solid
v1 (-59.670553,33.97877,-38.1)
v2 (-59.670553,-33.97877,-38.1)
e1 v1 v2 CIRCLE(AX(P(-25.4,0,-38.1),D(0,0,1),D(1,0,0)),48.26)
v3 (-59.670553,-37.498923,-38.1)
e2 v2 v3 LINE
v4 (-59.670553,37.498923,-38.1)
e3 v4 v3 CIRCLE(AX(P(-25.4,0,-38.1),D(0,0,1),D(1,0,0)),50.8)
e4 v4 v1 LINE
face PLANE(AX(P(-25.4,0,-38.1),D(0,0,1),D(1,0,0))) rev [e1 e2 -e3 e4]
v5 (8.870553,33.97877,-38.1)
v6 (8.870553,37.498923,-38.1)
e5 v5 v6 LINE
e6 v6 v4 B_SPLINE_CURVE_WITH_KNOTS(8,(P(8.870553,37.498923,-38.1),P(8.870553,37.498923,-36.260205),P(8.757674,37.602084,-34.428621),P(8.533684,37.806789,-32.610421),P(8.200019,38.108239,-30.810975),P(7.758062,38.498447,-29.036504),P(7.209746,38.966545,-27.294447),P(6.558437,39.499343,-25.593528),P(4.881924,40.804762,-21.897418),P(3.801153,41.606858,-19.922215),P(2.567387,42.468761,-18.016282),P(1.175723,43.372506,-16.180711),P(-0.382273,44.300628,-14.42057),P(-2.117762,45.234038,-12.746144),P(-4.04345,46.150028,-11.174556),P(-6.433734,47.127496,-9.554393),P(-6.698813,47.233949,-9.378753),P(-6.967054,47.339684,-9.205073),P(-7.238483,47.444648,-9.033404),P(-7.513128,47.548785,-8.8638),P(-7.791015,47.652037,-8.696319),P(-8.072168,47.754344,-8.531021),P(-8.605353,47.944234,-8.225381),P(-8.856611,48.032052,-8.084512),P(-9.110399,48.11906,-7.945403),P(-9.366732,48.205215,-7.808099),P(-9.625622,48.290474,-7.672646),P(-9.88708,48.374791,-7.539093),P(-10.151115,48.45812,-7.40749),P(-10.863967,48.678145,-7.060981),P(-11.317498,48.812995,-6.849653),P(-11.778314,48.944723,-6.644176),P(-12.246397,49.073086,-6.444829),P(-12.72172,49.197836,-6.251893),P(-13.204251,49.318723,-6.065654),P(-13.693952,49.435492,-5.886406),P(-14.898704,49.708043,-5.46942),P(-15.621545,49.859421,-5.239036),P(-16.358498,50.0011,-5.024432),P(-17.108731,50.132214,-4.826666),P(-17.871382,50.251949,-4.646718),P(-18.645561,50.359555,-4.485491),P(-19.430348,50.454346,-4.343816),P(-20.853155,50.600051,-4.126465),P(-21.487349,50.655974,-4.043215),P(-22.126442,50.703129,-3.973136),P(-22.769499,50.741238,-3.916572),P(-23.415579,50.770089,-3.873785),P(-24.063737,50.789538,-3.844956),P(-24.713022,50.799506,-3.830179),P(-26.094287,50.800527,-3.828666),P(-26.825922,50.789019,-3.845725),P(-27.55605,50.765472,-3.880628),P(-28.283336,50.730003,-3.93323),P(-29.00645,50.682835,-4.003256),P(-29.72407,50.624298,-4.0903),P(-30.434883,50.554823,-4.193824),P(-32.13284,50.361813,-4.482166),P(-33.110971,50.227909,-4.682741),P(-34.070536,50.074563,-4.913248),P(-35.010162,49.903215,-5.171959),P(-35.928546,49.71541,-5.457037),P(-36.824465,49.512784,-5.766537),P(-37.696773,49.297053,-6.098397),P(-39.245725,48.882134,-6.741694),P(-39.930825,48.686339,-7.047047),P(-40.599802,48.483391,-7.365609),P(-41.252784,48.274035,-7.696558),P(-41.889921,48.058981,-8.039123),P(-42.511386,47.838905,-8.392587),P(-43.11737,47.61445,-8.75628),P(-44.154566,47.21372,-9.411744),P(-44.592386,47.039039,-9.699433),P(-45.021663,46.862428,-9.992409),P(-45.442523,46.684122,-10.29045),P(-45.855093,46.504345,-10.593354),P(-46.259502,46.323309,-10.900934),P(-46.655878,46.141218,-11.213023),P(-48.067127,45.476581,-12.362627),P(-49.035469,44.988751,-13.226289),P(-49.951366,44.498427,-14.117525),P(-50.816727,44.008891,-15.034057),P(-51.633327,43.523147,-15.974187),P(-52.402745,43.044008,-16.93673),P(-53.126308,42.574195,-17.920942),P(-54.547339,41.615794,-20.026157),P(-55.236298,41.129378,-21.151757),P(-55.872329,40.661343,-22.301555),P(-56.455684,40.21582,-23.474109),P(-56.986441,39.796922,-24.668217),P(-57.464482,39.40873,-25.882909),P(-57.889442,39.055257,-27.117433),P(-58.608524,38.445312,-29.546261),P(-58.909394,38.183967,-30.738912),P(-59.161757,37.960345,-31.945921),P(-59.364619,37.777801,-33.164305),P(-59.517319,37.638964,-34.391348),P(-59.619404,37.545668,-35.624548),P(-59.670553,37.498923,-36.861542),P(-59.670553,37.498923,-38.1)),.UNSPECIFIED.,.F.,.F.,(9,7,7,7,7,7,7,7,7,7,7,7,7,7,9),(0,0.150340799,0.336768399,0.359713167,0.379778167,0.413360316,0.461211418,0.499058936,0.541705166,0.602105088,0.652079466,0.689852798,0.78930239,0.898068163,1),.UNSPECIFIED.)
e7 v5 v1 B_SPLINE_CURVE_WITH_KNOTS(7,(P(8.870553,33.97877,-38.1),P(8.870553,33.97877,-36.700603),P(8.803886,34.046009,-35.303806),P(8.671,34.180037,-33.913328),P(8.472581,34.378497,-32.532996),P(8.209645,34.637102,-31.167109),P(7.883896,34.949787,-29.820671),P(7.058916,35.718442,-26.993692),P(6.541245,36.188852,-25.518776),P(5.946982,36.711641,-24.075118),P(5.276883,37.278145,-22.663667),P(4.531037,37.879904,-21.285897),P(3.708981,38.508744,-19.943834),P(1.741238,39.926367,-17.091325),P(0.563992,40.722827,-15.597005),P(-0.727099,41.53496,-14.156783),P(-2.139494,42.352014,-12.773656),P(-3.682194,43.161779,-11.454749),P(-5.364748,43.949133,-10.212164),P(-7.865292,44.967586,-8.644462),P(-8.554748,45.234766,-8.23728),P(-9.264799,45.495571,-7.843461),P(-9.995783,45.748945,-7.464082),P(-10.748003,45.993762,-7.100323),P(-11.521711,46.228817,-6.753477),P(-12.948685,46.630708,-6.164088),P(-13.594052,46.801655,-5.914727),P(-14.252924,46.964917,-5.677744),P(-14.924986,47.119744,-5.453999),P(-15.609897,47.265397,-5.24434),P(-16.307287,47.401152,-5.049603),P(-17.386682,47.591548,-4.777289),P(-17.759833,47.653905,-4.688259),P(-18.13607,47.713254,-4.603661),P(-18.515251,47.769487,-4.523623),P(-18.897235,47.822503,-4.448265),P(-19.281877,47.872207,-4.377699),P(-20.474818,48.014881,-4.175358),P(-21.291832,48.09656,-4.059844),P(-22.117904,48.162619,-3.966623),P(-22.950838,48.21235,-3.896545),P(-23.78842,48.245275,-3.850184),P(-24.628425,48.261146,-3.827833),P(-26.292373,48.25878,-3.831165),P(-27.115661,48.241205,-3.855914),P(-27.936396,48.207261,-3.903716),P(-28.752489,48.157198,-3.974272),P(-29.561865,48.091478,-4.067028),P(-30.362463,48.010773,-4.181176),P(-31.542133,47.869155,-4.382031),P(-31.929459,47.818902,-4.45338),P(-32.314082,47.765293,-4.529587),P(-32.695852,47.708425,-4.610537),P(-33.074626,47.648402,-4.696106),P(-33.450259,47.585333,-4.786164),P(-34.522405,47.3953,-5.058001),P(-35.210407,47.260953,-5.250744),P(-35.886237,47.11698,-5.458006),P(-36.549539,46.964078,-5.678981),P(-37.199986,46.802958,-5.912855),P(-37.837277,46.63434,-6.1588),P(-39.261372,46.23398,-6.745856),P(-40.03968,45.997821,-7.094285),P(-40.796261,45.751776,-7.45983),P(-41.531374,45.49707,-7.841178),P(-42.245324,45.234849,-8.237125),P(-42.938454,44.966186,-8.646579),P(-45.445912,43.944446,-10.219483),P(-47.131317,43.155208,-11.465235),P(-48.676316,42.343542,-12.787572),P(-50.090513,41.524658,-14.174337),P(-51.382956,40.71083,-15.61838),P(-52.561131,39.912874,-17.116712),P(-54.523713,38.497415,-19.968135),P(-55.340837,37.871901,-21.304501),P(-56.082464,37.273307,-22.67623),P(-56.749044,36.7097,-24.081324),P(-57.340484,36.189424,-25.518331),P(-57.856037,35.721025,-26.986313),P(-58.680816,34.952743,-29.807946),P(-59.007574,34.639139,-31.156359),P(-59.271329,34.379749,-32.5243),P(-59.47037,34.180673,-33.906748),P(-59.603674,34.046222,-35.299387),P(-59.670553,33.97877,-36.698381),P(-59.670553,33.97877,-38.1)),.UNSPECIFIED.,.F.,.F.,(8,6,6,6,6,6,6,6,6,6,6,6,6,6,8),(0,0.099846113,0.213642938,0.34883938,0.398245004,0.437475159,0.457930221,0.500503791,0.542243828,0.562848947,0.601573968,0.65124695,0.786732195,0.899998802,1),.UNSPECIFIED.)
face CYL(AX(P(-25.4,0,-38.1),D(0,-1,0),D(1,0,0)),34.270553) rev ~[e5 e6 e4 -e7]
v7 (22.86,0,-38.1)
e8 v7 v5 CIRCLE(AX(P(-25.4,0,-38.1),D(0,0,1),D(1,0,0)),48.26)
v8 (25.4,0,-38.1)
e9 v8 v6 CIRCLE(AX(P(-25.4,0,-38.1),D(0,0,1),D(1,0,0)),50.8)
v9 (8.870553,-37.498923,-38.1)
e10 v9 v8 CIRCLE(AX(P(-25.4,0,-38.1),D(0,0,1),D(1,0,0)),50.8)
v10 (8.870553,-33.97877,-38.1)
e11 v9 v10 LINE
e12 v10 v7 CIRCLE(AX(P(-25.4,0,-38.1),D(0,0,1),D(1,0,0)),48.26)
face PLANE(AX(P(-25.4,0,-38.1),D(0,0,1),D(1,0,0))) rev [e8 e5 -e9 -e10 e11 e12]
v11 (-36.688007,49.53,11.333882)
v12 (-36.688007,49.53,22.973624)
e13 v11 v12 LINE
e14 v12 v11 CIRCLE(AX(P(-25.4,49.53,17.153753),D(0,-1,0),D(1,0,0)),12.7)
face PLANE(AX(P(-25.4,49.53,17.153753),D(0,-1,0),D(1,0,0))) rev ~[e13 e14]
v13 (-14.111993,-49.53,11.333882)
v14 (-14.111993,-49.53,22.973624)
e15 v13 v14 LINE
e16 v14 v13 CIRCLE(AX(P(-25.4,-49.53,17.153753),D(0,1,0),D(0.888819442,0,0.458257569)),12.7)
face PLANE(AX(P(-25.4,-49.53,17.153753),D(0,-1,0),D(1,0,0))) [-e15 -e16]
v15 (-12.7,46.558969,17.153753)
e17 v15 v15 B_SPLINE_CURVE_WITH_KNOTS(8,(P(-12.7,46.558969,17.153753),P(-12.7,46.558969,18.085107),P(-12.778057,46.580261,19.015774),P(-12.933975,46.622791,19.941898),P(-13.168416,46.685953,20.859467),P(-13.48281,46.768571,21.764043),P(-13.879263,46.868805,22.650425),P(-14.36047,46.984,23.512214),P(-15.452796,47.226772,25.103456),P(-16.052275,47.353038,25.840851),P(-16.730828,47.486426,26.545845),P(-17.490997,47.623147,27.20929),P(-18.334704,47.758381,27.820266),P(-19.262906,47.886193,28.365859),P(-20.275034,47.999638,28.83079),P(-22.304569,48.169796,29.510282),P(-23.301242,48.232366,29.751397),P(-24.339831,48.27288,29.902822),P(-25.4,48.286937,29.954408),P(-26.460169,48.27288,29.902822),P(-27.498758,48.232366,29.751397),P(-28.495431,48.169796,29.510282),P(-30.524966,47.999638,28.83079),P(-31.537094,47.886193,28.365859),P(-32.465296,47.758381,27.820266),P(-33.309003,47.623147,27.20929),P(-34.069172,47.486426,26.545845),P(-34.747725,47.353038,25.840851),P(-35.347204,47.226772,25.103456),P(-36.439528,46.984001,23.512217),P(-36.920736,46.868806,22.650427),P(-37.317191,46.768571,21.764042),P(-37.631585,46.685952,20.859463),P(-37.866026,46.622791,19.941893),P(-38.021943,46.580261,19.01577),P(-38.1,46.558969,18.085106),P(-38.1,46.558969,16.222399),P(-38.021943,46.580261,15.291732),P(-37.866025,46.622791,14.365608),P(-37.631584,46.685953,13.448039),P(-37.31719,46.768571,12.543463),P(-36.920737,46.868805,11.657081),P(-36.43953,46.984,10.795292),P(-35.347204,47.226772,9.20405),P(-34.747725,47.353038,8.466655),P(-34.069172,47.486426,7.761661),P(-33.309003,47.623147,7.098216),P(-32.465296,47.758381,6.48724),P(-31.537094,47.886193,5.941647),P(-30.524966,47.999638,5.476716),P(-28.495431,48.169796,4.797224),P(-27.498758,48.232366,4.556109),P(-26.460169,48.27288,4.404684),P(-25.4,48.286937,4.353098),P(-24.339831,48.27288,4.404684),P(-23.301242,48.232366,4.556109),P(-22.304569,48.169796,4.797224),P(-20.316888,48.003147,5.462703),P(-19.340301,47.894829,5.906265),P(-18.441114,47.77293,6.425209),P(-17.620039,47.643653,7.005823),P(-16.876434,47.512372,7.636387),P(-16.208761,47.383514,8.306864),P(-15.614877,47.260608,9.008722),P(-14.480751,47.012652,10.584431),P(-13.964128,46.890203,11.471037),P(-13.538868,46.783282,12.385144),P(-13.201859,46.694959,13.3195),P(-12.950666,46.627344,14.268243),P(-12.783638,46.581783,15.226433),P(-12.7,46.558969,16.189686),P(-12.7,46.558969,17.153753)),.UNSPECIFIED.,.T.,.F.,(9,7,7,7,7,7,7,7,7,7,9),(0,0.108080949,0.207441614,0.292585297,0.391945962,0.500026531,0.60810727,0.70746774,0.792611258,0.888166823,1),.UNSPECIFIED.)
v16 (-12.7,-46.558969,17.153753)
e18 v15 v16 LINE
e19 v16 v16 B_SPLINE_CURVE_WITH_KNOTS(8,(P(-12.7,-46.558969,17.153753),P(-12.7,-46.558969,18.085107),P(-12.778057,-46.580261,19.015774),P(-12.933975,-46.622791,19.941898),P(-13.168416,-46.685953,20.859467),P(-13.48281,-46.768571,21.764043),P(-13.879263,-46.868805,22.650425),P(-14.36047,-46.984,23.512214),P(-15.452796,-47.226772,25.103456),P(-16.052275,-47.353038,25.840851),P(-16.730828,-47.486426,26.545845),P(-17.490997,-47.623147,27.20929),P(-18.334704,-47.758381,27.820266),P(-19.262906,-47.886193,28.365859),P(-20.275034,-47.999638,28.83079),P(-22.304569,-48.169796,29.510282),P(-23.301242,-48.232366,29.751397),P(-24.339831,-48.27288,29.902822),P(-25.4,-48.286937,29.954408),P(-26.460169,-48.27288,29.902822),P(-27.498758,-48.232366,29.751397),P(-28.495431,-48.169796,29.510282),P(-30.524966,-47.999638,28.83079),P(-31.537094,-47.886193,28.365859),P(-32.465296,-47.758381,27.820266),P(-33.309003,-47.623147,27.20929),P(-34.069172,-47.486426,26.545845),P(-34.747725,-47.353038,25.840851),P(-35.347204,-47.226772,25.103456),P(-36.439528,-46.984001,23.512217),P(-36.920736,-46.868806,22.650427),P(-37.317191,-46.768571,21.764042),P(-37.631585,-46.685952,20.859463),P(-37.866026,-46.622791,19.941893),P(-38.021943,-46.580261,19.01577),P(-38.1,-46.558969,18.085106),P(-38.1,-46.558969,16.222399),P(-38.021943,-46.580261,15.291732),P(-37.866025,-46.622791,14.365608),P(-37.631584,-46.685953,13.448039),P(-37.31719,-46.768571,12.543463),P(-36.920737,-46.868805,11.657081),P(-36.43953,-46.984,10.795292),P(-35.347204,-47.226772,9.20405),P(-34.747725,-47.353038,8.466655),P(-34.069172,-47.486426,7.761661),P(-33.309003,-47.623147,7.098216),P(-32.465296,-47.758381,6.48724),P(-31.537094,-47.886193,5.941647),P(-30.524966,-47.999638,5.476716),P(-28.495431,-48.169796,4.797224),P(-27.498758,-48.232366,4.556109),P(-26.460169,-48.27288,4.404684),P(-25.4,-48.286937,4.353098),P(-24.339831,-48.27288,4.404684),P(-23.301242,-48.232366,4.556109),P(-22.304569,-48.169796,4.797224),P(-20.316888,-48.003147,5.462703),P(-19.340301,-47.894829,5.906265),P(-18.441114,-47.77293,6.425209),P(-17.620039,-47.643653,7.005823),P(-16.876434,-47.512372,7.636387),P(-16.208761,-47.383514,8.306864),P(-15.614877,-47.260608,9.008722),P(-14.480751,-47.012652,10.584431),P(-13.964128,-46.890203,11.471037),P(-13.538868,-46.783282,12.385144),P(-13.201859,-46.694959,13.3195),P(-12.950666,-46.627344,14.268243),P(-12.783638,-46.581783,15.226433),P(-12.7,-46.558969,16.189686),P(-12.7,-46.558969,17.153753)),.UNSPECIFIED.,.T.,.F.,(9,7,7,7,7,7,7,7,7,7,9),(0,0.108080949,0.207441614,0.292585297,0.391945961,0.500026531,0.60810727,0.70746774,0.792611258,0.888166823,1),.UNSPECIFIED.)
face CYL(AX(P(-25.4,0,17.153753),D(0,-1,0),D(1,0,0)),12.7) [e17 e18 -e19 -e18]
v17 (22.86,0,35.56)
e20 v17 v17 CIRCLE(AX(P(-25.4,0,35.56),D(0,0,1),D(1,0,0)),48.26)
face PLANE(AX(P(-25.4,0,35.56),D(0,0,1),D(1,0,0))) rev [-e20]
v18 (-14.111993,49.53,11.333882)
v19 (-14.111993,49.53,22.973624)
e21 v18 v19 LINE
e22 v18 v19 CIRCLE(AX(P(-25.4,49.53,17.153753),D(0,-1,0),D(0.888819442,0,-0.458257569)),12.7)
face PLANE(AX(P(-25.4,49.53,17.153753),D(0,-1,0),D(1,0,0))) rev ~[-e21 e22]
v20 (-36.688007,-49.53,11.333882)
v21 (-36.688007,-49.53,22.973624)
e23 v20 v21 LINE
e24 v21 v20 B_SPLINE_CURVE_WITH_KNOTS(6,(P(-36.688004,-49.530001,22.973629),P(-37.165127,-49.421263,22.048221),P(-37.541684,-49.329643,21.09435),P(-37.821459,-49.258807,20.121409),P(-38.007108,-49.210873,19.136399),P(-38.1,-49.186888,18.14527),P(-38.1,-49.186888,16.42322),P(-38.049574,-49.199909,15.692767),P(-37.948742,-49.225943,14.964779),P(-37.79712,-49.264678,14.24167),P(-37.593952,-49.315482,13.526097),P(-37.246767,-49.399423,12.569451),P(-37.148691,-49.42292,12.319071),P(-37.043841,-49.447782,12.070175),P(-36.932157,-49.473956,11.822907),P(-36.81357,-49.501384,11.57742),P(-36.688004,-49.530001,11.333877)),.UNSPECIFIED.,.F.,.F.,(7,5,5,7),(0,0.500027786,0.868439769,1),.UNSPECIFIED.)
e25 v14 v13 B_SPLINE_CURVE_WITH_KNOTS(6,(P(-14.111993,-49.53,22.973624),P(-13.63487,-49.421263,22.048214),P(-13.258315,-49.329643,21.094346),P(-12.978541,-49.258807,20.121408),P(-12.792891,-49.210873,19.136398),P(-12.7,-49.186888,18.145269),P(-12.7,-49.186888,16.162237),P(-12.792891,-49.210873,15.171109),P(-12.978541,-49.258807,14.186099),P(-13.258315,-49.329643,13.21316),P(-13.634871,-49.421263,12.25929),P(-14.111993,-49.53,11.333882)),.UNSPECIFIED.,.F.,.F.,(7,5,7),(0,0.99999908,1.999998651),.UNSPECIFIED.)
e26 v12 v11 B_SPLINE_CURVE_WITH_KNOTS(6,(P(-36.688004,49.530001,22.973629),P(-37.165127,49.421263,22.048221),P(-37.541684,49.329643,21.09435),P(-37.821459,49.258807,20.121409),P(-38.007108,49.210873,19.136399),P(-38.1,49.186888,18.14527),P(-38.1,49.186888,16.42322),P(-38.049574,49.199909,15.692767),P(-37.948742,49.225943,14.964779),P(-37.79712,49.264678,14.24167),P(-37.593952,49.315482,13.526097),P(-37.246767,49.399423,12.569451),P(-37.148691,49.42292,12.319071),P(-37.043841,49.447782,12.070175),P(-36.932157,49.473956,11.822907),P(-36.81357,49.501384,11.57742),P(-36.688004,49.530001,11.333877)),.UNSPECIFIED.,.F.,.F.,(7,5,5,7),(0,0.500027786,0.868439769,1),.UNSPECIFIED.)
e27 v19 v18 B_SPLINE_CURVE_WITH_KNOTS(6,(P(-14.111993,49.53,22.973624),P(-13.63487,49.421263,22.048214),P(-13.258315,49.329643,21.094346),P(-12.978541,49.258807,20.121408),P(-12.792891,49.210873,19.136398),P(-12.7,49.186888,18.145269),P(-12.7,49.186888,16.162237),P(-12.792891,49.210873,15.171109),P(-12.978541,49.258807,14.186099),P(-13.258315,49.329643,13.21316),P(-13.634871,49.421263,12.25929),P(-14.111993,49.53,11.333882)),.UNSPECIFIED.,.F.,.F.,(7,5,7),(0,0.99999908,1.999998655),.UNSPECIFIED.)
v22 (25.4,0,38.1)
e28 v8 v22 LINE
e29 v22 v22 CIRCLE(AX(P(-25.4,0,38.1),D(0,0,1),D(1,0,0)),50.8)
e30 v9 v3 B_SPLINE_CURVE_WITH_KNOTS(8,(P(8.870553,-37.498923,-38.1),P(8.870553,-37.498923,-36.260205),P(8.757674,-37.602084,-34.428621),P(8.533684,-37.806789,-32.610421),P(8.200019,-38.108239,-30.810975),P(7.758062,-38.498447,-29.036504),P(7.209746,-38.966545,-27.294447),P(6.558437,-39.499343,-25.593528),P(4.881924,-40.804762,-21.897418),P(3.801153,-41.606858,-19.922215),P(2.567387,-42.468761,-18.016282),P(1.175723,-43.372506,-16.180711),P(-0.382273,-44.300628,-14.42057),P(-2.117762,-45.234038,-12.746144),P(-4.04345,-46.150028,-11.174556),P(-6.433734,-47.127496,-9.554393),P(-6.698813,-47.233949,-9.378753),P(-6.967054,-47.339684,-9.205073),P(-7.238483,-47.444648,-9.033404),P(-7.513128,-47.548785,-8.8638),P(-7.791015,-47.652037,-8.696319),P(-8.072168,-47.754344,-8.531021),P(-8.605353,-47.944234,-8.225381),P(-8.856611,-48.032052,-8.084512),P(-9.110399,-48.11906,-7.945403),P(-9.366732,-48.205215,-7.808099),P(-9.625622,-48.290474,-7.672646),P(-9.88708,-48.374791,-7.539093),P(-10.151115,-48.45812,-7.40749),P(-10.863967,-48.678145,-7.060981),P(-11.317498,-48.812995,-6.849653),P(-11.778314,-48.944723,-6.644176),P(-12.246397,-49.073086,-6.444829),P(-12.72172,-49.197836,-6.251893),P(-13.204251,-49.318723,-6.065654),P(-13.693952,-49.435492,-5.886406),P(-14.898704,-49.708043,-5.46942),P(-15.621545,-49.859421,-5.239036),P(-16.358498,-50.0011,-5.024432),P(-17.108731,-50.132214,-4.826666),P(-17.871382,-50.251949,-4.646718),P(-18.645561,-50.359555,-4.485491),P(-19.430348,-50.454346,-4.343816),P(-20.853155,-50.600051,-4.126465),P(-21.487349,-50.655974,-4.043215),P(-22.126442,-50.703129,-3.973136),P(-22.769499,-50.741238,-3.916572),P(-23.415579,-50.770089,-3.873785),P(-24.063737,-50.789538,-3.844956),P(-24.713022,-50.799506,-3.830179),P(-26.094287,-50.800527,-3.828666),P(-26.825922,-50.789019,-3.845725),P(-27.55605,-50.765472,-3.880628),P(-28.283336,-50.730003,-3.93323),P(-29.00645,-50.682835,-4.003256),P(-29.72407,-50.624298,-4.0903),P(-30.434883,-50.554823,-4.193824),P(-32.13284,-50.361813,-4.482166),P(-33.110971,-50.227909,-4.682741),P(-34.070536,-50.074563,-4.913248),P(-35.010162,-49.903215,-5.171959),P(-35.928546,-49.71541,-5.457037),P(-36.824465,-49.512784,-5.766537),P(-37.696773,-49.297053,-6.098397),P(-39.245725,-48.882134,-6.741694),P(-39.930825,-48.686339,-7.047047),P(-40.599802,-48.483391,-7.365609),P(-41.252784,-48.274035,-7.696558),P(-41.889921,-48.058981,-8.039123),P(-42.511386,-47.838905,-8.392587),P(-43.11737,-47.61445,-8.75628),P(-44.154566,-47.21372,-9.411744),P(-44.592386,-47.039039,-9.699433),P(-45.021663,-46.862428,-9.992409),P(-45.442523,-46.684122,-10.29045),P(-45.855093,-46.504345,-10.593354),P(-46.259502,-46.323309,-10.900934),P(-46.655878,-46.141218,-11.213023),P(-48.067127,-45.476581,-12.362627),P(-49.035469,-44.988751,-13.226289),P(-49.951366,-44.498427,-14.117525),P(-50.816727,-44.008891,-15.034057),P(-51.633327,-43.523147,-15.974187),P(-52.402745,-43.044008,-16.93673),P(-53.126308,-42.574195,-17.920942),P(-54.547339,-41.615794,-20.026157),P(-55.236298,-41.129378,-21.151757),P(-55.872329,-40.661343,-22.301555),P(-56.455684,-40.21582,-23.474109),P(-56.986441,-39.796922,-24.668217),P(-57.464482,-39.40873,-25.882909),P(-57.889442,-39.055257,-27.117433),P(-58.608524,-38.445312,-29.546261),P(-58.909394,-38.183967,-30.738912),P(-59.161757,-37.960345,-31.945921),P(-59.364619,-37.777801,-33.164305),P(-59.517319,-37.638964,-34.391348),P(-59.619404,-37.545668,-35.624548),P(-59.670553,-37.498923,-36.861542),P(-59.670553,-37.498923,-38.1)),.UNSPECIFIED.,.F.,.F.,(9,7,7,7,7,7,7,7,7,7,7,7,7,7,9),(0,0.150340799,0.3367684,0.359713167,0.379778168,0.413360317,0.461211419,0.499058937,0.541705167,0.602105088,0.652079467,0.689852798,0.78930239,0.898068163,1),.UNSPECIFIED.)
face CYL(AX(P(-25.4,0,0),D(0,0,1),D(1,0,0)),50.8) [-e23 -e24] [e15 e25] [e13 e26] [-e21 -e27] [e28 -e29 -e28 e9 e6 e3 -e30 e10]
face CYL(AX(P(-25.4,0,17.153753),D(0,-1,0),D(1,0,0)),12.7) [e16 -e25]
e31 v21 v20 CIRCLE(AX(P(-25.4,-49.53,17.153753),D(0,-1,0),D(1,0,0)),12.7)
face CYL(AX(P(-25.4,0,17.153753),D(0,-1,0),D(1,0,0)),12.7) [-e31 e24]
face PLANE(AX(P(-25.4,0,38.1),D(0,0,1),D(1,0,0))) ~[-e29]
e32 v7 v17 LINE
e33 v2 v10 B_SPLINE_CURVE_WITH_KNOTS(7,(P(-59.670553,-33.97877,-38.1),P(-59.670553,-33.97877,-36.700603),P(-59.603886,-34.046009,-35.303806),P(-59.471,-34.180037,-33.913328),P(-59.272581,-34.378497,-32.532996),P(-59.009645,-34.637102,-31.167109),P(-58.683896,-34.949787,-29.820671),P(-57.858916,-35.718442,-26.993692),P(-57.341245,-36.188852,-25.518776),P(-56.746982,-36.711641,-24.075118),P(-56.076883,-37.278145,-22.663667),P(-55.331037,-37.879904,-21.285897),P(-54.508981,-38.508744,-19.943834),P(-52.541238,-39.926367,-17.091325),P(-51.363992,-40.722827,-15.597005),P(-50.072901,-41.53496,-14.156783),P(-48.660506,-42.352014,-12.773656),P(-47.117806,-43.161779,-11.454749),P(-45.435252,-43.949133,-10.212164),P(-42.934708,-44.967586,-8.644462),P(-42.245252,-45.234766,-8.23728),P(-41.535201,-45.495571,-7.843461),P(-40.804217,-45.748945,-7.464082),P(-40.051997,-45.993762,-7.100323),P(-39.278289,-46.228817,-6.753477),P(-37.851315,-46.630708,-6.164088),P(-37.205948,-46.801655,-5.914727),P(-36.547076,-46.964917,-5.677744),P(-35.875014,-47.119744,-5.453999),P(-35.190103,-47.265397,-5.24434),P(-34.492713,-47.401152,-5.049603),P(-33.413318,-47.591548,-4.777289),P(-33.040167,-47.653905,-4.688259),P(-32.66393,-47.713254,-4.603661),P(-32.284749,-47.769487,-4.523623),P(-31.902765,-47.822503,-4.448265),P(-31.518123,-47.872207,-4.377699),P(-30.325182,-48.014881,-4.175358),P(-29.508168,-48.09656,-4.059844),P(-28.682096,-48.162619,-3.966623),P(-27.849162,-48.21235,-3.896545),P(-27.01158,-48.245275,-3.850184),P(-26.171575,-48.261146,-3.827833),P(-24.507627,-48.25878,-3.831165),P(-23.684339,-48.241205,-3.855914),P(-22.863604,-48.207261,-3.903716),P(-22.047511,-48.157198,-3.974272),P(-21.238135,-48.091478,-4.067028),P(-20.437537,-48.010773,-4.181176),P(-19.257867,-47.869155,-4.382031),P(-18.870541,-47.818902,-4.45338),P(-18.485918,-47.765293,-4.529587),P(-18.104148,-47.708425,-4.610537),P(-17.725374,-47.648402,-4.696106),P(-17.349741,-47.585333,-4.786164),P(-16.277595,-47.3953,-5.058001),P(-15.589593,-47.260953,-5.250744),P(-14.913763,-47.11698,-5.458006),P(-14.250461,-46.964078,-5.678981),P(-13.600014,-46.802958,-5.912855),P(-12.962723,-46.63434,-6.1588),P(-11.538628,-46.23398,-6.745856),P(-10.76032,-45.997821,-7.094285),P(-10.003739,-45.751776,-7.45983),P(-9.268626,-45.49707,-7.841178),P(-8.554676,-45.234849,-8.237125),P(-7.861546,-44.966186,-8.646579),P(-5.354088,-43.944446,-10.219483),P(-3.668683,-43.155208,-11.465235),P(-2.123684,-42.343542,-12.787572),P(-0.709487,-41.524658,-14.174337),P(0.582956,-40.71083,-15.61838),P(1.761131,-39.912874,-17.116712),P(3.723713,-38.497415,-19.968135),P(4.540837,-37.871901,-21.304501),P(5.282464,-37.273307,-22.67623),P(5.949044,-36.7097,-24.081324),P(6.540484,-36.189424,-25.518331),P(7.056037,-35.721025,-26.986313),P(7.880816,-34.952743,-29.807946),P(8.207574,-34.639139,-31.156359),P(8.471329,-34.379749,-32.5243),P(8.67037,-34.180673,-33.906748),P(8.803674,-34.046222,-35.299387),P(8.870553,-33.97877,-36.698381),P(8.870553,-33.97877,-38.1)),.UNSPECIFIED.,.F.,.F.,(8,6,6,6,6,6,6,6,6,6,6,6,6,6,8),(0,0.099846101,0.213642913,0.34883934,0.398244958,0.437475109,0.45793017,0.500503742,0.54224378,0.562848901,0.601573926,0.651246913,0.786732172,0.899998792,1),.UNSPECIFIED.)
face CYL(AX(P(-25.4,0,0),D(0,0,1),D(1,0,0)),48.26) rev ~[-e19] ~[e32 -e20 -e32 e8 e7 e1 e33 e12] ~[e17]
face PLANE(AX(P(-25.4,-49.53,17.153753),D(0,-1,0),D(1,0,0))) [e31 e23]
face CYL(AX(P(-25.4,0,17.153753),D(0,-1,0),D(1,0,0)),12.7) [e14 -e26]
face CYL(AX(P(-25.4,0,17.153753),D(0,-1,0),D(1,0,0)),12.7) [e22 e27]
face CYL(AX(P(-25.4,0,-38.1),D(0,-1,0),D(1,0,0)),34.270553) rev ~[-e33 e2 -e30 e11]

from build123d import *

# Parameters (mm, degrees)
F0_W     = 50.8
F0_H     = 76.2
F2_T     = -2.54
F4_DEPTH = 60.96
F5_R     = 12.7
F6_DEPTH = 49.53


with BuildPart() as f1:
    # F0 (on Front) → F1 (revolve)
    with BuildSketch(Plane.XZ):
        Rectangle(F0_W, F0_H)
    revolve(axis=Axis((-25.4, 0, 0), (0, 0, 1)))

    # F2
    f2_openings = [f1.faces().sort_by_distance(p)[0] for p in [
        (-25.4, 0, -38.1),
    ]]
    offset(amount=F2_T, openings=f2_openings)

    # F3 (on Front) → F4 (cut, symmetric)
    with BuildSketch(Plane.XZ):
        with BuildLine():
            ThreePointArc((8.870553, -38.1), (-25.4, -3.829447), (-59.670553, -38.1))
            Line((-59.670553, -38.1), (8.870553, -38.1))
        make_face()
    extrude(amount=F4_DEPTH, both=True, mode=Mode.SUBTRACT)

    # F5 (on Front) → F6 (join, symmetric)
    with BuildSketch(Plane.XZ):
        with Locations((-25.4, 17.153753)):
            Circle(F5_R)
    extrude(amount=F6_DEPTH, both=True)


solid = f1.part
